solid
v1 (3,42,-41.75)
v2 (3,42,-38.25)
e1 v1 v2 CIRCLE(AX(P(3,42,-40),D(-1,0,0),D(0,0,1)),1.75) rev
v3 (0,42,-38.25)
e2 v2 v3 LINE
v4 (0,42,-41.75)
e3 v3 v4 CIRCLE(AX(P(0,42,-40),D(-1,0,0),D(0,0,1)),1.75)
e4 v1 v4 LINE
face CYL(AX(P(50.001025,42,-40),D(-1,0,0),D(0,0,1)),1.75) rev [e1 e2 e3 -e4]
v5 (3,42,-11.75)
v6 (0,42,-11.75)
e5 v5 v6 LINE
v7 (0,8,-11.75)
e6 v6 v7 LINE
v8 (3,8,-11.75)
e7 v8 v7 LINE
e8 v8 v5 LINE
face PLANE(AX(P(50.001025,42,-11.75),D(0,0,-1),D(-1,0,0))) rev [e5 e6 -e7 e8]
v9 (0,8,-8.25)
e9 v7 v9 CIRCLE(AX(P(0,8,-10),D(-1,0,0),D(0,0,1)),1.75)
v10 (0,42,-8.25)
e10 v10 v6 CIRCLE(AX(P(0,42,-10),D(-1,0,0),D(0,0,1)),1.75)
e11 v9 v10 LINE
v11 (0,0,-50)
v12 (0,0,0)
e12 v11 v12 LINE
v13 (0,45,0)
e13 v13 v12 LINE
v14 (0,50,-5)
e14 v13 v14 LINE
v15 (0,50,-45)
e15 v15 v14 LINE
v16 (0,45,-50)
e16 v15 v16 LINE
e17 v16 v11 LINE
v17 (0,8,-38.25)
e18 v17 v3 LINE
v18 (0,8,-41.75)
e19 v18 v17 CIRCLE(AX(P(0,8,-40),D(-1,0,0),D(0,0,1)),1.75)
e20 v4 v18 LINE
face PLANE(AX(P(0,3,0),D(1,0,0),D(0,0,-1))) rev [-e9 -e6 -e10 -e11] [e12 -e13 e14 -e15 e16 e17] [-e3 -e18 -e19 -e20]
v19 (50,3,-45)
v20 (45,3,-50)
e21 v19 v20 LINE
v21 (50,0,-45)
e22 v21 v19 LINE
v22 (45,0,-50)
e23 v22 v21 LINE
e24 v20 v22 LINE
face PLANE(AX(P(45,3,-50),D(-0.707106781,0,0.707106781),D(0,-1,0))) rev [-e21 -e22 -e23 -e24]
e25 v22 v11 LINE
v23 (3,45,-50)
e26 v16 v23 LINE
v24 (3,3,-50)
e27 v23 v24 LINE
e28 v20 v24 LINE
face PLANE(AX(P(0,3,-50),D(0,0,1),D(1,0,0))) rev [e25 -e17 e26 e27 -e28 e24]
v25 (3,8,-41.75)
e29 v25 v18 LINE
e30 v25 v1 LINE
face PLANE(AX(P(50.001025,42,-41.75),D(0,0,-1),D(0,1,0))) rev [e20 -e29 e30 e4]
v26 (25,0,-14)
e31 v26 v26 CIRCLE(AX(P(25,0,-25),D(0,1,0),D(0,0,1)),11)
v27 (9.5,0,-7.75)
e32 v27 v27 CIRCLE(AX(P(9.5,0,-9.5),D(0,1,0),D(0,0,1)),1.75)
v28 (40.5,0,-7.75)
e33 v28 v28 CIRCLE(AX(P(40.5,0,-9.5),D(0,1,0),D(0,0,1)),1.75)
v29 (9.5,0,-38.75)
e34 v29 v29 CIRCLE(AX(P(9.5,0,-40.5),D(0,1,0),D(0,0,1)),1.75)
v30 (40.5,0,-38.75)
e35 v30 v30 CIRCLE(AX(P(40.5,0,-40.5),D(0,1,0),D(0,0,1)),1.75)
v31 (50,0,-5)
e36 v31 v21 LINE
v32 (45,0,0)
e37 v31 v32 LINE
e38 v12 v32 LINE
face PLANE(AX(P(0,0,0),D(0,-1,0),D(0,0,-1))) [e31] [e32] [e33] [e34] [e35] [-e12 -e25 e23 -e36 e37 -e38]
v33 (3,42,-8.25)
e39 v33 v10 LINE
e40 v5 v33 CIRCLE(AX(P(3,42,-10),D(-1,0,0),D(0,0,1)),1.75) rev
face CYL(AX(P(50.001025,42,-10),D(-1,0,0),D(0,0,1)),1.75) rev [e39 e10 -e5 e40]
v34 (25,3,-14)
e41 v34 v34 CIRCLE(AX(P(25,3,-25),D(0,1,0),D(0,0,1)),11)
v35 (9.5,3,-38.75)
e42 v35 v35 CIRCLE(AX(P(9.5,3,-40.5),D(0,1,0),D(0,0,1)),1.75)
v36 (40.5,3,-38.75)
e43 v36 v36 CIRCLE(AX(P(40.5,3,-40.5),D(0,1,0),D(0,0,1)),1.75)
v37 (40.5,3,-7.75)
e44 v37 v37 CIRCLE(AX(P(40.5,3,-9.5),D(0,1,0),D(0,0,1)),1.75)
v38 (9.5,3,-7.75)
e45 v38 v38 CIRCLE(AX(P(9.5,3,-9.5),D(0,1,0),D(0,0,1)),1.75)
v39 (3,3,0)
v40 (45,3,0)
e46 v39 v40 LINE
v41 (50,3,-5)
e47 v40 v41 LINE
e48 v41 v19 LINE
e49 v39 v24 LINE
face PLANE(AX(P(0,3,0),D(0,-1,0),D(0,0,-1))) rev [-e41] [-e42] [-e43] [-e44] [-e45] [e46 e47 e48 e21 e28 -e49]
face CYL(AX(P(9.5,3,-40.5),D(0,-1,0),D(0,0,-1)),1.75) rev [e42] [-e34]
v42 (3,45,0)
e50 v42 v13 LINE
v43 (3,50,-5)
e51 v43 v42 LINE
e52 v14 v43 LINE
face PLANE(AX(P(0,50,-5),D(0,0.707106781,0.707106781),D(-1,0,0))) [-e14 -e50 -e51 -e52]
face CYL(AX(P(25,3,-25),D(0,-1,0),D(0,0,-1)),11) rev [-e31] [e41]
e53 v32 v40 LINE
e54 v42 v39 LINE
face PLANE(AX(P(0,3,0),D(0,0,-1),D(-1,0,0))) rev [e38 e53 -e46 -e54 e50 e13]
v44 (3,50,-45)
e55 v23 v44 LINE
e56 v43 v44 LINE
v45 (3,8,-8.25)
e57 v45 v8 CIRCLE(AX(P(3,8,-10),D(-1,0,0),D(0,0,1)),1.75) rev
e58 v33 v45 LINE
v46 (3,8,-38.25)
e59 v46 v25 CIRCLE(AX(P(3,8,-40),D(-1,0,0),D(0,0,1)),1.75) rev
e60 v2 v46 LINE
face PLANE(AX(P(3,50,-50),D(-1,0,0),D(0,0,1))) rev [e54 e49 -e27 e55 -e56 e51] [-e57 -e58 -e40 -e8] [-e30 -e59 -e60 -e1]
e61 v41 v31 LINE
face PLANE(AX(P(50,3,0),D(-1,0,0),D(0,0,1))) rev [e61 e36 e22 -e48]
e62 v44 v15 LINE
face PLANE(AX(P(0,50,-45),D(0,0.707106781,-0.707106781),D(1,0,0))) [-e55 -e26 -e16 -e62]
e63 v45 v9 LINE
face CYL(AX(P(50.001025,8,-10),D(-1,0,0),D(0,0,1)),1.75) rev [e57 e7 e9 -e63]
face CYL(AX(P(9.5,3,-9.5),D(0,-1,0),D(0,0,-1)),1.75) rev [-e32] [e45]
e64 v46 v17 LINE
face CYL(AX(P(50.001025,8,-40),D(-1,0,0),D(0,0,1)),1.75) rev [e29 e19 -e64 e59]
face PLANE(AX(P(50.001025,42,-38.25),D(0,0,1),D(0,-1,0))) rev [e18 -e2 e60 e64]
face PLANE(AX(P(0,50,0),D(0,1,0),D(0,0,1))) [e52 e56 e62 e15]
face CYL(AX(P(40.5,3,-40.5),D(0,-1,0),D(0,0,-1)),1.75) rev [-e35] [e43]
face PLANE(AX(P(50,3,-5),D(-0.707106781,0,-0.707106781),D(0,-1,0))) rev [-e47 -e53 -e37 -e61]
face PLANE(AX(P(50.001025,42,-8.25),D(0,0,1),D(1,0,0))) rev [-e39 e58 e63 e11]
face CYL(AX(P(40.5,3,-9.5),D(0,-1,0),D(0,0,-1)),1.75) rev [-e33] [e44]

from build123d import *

# Parameters (mm, degrees)
SKETCH1_W           = 50
SKETCH1_H           = 50
SKETCH1_R           = 11
SKETCH1_R_2         = 1.75
BOSS_EXTRUDE1_DEPTH = 3
SKETCH2_W           = 3
SKETCH2_H           = 50
BOSS_EXTRUDE2_DEPTH = 47
CUT_EXTRUDE1_REACH  = 88.603
CHAMFER1_SIZE       = 5
CHAMFER2_SIZE       = 5


with BuildPart() as part:
    # Sketch1 → Boss-Extrude1 (new body)
    with BuildSketch(Plane(origin=(0, 0, 0), x_dir=(1, 0, 0), z_dir=(0, 1, 0))):
        with Locations((25, 25)):
            Rectangle(SKETCH1_W, SKETCH1_H)
        with Locations(Location((25, 25, 0), (0, 0, 270))):
            Circle(SKETCH1_R, mode=Mode.SUBTRACT)
        with Locations(Location((40.5, 40.5, 0), (0, 0, 270))):
            Circle(SKETCH1_R_2, mode=Mode.SUBTRACT)
        with Locations(Location((9.5, 40.5, 0), (0, 0, 270))):
            Circle(SKETCH1_R_2, mode=Mode.SUBTRACT)
        with Locations(Location((9.5, 9.5, 0), (0, 0, 270))):
            Circle(SKETCH1_R_2, mode=Mode.SUBTRACT)
        with Locations(Location((40.5, 9.5, 0), (0, 0, 270))):
            Circle(SKETCH1_R_2, mode=Mode.SUBTRACT)
    extrude(amount=BOSS_EXTRUDE1_DEPTH)

    # Sketch2 → Boss-Extrude2 (add)
    with BuildSketch(Plane(origin=(0, 3, 0), x_dir=(1, 0, 0), z_dir=(0, 1, 0))):
        with Locations((1.5, 25)):
            Rectangle(SKETCH2_W, SKETCH2_H)
    extrude(amount=BOSS_EXTRUDE2_DEPTH)

    # Sketch3 → Cut-Extrude1 (cut, up to next)
    with BuildSketch(Plane.ZY, mode=Mode.PRIVATE) as cut_extrude1_sk1:
        with BuildLine():
            Line((-38.25, 42), (-38.25, 8))
            ThreePointArc((-38.25, 8), (-40, 6.25), (-41.75, 8))
            Line((-41.75, 8), (-41.75, 42))
            ThreePointArc((-41.75, 42), (-40, 43.75), (-38.25, 42))
        make_face()
    cut_extrude1_tool1 = extrude(cut_extrude1_sk1.sketch, amount=-CUT_EXTRUDE1_REACH, mode=Mode.PRIVATE) & part.part
    # Sketch3 → Cut-Extrude1 (cut, up to next)
    with BuildSketch(Plane.ZY, mode=Mode.PRIVATE) as cut_extrude1_sk2:
        with BuildLine():
            Line((-11.75, 42), (-11.75, 8))
            ThreePointArc((-11.75, 8), (-10, 6.25), (-8.25, 8))
            Line((-8.25, 8), (-8.25, 42))
            ThreePointArc((-8.25, 42), (-10, 43.75), (-11.75, 42))
        make_face()
    cut_extrude1_tool2 = extrude(cut_extrude1_sk2.sketch, amount=-CUT_EXTRUDE1_REACH, mode=Mode.PRIVATE) & part.part
    add(cut_extrude1_tool1.solids().sort_by_distance((0, 25, -40))[0], mode=Mode.SUBTRACT)
    add(cut_extrude1_tool2.solids().sort_by_distance((0, 25, -10))[0], mode=Mode.SUBTRACT)

    # Chamfer1
    chamfer1_edges = [part.edges().sort_by_distance(p)[0] for p in [
        (1.5, 50, 0),
        (1.5, 50, -50),
    ]]
    chamfer(chamfer1_edges, length=CHAMFER1_SIZE)

    # Chamfer2
    chamfer2_edges = [part.edges().sort_by_distance(p)[0] for p in [
        (50, 1.5, -50),
        (50, 1.5, 0),
    ]]
    chamfer(chamfer2_edges, length=CHAMFER2_SIZE)


solid = part.part
